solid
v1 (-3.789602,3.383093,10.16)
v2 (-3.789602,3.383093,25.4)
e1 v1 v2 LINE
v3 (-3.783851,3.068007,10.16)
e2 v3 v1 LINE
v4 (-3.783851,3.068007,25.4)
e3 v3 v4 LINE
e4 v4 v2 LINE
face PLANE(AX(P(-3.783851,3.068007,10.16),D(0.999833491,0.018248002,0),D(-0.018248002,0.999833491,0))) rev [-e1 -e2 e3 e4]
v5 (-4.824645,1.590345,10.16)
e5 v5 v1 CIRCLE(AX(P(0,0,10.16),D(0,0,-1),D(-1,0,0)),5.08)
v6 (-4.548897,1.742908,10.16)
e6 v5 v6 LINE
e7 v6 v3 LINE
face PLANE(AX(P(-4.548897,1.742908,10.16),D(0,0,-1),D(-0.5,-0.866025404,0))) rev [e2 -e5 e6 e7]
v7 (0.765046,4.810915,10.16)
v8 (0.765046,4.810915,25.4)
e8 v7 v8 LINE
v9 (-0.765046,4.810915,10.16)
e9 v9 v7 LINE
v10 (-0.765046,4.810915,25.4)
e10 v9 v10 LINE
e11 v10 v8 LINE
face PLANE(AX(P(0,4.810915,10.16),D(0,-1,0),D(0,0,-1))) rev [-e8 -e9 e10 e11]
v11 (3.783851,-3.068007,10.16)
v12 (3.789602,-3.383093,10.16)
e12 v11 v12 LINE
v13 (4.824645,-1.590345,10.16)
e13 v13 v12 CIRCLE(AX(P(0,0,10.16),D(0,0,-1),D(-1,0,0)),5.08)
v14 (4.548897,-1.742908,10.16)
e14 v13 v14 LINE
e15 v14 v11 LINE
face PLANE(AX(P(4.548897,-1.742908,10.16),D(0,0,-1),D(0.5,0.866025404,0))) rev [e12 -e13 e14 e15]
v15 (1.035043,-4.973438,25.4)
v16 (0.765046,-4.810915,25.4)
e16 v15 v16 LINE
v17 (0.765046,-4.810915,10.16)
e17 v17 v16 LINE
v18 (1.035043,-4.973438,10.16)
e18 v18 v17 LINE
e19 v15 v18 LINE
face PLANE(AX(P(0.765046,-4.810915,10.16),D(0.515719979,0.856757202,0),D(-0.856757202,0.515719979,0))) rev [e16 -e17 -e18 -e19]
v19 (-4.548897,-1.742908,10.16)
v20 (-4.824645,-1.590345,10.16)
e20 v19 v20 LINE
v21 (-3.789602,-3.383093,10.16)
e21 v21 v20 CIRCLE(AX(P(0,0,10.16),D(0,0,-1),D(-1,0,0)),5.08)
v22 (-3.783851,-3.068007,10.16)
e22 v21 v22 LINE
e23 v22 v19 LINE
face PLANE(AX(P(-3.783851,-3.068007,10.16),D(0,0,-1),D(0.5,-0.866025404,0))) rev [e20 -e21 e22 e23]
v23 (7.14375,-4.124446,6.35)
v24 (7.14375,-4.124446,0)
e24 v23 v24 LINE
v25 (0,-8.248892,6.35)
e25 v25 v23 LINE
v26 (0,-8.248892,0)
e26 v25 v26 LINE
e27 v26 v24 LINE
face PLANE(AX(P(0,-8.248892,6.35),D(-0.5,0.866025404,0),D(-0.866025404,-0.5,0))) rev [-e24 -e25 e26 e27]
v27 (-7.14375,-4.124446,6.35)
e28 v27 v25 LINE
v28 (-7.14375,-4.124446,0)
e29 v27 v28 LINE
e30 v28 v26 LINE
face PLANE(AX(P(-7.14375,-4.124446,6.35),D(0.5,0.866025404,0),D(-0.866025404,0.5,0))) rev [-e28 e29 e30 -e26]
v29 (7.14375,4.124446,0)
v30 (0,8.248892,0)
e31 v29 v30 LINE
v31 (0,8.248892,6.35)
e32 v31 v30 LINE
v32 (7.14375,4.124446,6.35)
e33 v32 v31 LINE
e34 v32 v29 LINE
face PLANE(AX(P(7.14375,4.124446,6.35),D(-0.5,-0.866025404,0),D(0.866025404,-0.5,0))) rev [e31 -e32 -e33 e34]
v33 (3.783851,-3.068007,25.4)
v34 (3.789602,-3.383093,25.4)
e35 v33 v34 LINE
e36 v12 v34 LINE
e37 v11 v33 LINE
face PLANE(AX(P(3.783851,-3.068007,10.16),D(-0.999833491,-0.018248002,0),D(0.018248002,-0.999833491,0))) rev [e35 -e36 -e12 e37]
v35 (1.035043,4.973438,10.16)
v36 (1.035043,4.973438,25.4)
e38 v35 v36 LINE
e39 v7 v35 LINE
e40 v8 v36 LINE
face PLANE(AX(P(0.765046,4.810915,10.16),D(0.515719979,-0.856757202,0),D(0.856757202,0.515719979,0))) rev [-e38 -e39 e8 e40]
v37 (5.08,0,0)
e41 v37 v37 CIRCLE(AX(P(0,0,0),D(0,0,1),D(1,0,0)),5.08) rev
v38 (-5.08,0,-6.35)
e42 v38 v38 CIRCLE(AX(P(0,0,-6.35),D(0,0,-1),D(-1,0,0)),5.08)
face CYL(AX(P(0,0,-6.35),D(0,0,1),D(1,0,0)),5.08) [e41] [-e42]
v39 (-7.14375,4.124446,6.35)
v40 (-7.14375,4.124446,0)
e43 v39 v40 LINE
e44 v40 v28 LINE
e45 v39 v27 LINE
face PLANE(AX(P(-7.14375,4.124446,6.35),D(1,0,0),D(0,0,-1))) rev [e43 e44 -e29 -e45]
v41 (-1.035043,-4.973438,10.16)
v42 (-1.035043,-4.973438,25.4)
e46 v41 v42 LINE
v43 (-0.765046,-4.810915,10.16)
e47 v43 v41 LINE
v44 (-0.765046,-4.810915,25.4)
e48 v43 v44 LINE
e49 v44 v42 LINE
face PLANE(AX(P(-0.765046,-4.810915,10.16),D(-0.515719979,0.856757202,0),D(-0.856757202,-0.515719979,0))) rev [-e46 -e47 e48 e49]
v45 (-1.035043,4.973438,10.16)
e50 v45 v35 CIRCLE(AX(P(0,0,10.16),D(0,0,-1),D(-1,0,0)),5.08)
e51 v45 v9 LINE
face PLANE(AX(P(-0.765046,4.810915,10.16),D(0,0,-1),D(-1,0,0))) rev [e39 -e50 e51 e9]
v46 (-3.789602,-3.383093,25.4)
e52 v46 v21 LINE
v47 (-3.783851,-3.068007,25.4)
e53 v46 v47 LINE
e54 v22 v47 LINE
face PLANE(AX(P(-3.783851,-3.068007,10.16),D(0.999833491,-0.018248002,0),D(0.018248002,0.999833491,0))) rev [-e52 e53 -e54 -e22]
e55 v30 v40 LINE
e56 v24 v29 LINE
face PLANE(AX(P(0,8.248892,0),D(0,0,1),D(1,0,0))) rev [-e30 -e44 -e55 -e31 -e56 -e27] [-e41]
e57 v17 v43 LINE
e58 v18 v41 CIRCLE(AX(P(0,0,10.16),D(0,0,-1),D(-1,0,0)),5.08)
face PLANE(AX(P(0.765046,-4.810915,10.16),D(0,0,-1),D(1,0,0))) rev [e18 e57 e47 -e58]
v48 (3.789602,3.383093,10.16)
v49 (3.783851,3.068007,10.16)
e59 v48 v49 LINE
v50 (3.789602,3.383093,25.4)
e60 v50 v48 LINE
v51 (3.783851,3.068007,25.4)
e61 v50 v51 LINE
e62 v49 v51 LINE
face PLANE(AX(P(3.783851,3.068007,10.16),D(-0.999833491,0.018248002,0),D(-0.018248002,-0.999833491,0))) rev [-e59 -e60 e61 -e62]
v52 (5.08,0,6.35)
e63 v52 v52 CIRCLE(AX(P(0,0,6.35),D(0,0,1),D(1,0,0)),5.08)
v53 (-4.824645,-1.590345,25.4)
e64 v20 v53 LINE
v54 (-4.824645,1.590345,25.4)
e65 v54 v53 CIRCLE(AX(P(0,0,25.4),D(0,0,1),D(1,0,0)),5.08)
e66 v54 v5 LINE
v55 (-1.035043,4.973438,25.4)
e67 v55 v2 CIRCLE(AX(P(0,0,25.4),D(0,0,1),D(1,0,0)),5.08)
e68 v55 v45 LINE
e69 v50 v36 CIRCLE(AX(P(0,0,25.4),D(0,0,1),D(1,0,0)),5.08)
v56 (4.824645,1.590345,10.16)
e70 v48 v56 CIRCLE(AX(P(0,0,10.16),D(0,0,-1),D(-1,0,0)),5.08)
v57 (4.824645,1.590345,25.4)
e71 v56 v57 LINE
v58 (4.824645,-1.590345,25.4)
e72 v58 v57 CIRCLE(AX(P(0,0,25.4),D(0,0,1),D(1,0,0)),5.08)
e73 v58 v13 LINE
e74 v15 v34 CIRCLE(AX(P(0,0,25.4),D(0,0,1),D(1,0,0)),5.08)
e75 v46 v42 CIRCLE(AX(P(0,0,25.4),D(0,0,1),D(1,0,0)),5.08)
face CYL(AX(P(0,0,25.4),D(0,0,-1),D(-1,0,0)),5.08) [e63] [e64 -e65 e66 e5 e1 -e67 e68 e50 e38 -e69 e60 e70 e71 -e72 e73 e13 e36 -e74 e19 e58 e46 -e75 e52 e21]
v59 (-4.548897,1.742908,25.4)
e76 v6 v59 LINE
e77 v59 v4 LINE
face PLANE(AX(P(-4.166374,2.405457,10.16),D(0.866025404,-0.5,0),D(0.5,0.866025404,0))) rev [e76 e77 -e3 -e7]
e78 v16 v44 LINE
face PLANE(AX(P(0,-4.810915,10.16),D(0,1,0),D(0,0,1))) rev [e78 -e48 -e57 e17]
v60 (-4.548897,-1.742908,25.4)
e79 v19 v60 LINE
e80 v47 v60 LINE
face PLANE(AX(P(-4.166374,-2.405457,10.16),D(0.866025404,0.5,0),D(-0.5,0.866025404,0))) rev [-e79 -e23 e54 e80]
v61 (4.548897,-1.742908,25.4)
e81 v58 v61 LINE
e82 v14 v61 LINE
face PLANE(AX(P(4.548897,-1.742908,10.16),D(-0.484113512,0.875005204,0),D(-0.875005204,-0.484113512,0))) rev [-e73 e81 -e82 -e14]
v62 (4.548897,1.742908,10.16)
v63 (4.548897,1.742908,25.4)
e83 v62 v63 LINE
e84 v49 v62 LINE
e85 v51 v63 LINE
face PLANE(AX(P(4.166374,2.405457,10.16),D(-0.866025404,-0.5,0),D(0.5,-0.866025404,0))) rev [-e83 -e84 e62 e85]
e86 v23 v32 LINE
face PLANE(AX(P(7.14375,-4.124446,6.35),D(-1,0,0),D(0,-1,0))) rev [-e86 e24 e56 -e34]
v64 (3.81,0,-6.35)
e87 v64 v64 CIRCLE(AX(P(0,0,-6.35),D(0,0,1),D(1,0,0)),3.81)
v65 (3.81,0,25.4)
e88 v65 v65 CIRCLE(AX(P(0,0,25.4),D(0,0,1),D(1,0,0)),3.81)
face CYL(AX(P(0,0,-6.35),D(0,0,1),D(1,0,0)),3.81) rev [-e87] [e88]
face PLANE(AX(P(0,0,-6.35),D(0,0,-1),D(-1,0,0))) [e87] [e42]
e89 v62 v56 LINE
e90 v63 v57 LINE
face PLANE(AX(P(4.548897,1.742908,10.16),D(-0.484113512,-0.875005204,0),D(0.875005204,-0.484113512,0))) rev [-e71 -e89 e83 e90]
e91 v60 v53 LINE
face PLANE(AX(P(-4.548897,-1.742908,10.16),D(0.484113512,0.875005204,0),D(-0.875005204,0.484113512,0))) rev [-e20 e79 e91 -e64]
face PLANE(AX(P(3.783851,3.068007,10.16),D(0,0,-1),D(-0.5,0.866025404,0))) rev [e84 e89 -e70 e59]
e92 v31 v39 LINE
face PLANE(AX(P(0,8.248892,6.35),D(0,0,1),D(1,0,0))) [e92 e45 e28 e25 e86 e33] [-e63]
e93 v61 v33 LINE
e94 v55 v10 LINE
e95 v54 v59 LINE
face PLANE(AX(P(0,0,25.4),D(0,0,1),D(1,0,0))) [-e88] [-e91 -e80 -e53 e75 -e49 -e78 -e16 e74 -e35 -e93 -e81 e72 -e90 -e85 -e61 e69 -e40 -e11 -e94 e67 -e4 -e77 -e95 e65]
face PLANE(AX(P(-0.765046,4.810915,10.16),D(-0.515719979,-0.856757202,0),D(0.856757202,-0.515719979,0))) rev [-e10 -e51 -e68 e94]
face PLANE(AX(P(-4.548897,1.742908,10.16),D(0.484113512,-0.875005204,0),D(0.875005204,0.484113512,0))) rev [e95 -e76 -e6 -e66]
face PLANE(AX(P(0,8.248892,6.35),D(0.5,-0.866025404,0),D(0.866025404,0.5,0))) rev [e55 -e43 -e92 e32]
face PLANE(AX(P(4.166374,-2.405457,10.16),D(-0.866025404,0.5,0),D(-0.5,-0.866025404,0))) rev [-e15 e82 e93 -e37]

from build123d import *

# Parameters (mm, degrees)
BOSS_EXTRUDE1_DEPTH = 6.35
SKETCH2_R           = 5.08
BOSS_EXTRUDE2_DEPTH = 6.35
SKETCH3_R           = 5.08
BOSS_EXTRUDE3_DEPTH = 19.05
SKETCH4_R           = 3.81
CUT_EXTRUDE1_DEPTH  = 32.75
CUT_EXTRUDE2_DEPTH  = 15.24
CIRPATTERN1_COUNT   = 6


with BuildPart() as part:
    # Sketch1 → Boss-Extrude1 (new body)
    with BuildSketch(Plane.XY):
        Polygon((0, 8.248891971), (-7.14375, 4.124445986), (-7.14375, -4.124445986), (0, -8.248891971), (7.14375, -4.124445986), (7.14375, 4.124445986), align=None)
    extrude(amount=BOSS_EXTRUDE1_DEPTH)

    # Sketch2 → Boss-Extrude2 (add)
    with BuildSketch(Plane(origin=(0, 0, 0), x_dir=(-1, 0, 0), z_dir=(0, 0, -1))):
        Circle(SKETCH2_R)
    extrude(amount=BOSS_EXTRUDE2_DEPTH)

    # Sketch3 → Boss-Extrude3 (add)
    with BuildSketch(Plane.XY.offset(6.35)):
        Circle(SKETCH3_R)
    extrude(amount=BOSS_EXTRUDE3_DEPTH)

    # Sketch4 → Cut-Extrude1 (cut, through all)
    with BuildSketch(Plane.XY.offset(25.4)):
        Circle(SKETCH4_R)
    extrude(amount=-CUT_EXTRUDE1_DEPTH, mode=Mode.SUBTRACT)

    # Sketch5 → Cut-Extrude2 (cut)
    with BuildSketch(Plane.XY.offset(25.4)):
        Polygon((0, 4.810914796), (0.765045953, 4.810914796), (1.27, 5.114868927), (0, 5.114868927), (-1.27, 5.114868927), (-0.765045953, 4.810914796), align=None)
    cut_extrude2 = extrude(amount=-CUT_EXTRUDE2_DEPTH, mode=Mode.SUBTRACT)

    # CirPattern1: Cut-Extrude2 ×6 about axis
    cirpattern1_axis = Axis((0, 0, 0), (0, 0, 1))
    for i in range(1, CIRPATTERN1_COUNT):
        add(cut_extrude2.rotate(cirpattern1_axis, i * 360 / CIRPATTERN1_COUNT), mode=Mode.SUBTRACT)


solid = part.part
